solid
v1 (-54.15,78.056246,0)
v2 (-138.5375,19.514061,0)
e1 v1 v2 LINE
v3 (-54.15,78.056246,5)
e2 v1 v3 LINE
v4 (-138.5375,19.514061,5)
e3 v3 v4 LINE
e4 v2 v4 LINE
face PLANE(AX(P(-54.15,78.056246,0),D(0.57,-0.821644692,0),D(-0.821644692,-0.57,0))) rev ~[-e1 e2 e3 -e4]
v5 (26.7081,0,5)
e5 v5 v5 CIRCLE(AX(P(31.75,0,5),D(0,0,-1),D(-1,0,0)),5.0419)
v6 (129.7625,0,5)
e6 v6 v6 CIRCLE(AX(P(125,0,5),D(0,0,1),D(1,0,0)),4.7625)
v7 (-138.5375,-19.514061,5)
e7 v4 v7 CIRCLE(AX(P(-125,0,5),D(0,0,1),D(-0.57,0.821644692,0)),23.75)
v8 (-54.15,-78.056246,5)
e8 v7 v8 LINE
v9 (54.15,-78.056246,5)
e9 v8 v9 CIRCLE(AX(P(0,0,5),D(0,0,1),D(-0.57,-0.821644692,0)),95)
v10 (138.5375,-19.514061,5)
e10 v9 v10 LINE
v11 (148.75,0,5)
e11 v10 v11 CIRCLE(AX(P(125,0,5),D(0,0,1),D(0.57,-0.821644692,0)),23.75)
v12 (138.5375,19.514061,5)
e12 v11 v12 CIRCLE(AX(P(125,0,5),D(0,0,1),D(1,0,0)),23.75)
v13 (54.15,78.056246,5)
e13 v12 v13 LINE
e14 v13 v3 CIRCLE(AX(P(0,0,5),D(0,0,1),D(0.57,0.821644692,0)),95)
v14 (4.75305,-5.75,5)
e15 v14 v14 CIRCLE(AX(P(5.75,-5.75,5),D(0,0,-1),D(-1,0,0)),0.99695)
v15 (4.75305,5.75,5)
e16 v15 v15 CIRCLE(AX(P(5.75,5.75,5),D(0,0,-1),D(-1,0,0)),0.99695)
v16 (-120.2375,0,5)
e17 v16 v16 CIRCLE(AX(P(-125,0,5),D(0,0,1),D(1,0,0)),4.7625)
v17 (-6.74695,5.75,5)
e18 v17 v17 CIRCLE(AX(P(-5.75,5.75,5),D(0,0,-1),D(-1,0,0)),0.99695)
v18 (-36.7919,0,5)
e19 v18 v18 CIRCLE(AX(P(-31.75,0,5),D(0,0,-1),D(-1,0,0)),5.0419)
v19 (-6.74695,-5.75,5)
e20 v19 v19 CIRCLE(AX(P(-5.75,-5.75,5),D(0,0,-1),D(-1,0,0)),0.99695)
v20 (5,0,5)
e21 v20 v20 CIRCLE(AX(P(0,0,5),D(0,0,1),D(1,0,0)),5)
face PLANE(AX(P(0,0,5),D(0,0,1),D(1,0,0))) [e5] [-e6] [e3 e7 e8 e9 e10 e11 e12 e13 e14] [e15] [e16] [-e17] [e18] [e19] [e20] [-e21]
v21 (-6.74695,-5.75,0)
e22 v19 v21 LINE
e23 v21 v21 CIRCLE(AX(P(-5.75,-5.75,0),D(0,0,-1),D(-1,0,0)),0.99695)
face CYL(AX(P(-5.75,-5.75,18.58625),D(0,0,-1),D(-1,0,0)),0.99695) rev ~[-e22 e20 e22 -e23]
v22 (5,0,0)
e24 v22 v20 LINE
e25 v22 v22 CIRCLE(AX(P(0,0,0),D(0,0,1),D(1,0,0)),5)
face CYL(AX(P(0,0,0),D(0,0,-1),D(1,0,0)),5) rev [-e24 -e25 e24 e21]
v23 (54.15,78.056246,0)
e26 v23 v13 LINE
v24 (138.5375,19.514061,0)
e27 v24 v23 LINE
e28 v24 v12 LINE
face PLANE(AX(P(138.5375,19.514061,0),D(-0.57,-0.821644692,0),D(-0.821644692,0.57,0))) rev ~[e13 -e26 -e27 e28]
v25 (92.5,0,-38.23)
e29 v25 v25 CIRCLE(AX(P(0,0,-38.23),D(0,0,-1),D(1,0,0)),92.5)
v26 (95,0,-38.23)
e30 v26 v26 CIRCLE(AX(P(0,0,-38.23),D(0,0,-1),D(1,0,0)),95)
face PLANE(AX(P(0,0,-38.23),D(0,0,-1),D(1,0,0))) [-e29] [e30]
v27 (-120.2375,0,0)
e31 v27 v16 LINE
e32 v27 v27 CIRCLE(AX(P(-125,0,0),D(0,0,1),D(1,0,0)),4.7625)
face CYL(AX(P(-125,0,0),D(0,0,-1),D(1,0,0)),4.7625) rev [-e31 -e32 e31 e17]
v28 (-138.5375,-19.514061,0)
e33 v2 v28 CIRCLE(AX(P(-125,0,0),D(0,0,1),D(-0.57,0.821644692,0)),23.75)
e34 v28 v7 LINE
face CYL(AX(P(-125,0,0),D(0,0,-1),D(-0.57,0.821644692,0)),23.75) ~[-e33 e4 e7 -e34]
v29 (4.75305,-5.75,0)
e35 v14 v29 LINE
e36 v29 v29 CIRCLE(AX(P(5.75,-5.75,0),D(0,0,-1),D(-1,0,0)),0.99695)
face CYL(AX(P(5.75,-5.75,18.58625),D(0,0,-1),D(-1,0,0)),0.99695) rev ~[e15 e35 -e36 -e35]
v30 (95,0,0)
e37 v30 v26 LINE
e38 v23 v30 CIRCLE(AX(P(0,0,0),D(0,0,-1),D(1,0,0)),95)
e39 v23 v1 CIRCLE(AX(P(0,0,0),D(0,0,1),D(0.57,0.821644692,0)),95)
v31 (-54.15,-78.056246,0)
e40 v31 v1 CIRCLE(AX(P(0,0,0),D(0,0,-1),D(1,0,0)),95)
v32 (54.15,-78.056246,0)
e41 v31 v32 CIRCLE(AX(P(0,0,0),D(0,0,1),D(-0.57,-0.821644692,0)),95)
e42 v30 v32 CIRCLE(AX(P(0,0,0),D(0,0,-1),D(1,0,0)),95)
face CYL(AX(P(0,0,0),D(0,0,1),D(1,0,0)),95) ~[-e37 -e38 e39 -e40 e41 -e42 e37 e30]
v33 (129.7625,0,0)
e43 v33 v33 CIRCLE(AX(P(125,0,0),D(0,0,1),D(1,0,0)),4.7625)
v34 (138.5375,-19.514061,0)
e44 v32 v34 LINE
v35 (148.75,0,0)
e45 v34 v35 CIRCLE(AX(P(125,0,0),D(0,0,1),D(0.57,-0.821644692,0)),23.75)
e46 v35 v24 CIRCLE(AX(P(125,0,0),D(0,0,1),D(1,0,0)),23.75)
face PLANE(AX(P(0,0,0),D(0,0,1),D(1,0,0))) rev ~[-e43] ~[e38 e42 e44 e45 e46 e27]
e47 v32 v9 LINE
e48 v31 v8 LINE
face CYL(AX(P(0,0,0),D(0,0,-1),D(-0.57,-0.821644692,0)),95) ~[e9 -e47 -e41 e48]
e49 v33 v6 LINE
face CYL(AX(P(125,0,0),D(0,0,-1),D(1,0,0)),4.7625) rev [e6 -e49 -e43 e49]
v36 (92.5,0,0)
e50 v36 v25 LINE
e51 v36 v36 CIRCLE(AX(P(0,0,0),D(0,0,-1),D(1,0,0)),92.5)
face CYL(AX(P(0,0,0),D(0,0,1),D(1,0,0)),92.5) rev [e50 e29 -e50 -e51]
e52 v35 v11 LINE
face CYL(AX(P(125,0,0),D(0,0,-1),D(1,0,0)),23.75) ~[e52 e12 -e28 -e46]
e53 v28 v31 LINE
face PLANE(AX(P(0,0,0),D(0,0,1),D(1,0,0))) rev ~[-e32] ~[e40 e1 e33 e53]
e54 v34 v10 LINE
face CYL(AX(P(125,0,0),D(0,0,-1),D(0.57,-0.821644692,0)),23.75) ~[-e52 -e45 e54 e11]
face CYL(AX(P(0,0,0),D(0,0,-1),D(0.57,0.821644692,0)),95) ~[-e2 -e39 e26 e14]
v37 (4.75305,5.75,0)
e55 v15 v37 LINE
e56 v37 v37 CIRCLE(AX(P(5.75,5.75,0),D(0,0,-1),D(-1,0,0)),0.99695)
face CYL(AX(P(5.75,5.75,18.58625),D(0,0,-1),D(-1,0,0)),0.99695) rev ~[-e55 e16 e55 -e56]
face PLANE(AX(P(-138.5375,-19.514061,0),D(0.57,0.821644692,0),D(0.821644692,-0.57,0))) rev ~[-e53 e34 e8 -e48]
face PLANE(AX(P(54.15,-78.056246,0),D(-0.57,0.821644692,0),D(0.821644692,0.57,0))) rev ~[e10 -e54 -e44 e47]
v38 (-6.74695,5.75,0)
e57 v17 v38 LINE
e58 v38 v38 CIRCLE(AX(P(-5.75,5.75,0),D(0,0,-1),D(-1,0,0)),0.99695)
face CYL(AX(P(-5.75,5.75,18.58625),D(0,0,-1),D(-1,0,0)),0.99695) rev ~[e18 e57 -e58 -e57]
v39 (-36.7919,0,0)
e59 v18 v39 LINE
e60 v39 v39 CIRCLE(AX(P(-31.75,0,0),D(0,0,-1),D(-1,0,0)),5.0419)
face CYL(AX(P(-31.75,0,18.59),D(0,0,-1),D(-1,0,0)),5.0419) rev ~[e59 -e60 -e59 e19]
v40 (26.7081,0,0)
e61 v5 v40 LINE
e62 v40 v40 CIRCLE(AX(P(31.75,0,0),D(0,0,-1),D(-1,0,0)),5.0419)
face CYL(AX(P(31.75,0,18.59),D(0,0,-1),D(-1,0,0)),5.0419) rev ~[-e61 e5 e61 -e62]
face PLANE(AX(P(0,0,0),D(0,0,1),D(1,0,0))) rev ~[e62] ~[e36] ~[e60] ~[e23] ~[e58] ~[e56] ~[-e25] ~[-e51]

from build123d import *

# Parameters (mm, degrees)
F0_R     = 5
F0_R_2   = 4.7625
F1_DEPTH = 5
F2_R     = 95
F2_R_2   = 92.5
F3_DEPTH = 38.23
F6_D     = 1.9939
F6_DEPTH = 13.58625
F6_TIP   = 0.5990279941
F7_D     = 10.0838
F7_DEPTH = 13.59
F7_TIP   = 3.0294791551


with BuildPart() as f1:
    # F0 (on Top) → F1 (new body)
    with BuildSketch(Plane.XY):
        with BuildLine():
            ThreePointArc((54.15, -78.0562457463), (84.1702144467, -44.0496878536), (95, 0))
            ThreePointArc((95, 0), (84.1702144467, 44.0496878536), (54.15, 78.0562457463))
            ThreePointArc((54.15, 78.0562457463), (0, 95), (-54.15, 78.0562457463))
            ThreePointArc((-54.15, 78.0562457463), (-95, 0), (-54.15, -78.0562457463))
            ThreePointArc((-54.15, -78.0562457463), (0, -95), (54.15, -78.0562457463))
        make_face()
        Circle(F0_R, mode=Mode.SUBTRACT)
        with BuildLine():
            ThreePointArc((54.15, 78.0562457463), (84.1702144467, 44.0496878536), (95, 0))
            ThreePointArc((95, 0), (84.1702144467, -44.0496878536), (54.15, -78.0562457463))
            Line((54.15, -78.0562457463), (138.5375, -19.5140614366))
            ThreePointArc((138.5375, -19.5140614366), (101.25, 0), (138.5375, 19.5140614366))
            Line((138.5375, 19.5140614366), (54.15, 78.0562457463))
        make_face()
        with BuildLine():
            ThreePointArc((-54.15, -78.0562457463), (-95, 0), (-54.15, 78.0562457463))
            Line((-54.15, 78.0562457463), (-138.5375, 19.5140614366))
            ThreePointArc((-138.5375, 19.5140614366), (-113.9875780366, 21.0425536117), (-101.25, 0))
            ThreePointArc((-101.25, 0), (-113.9875780366, -21.0425536117), (-138.5375, -19.5140614366))
            Line((-138.5375, -19.5140614366), (-54.15, -78.0562457463))
        make_face()
        with BuildLine():
            ThreePointArc((148.75, 0), (146.0425536117, 11.0124219634), (138.5375, 19.5140614366))
            ThreePointArc((138.5375, 19.5140614366), (101.25, 0), (138.5375, -19.5140614366))
            ThreePointArc((138.5375, -19.5140614366), (146.0425536117, -11.0124219634), (148.75, 0))
        make_face()
        with Locations((125, 0)):
            Circle(F0_R_2, mode=Mode.SUBTRACT)
        with BuildLine():
            ThreePointArc((-101.25, 0), (-113.9875780366, 21.0425536117), (-138.5375, 19.5140614366))
            ThreePointArc((-138.5375, 19.5140614366), (-148.75, 0), (-138.5375, -19.5140614366))
            ThreePointArc((-138.5375, -19.5140614366), (-113.9875780366, -21.0425536117), (-101.25, 0))
        make_face()
        with Locations((-125, 0)):
            Circle(F0_R_2, mode=Mode.SUBTRACT)
    extrude(amount=F1_DEPTH)

    # F2 (on face) → F3 (join)
    with BuildSketch(Plane(origin=(0, 0, 0), x_dir=(1, 0, 0), z_dir=(0, 0, -1))):
        Circle(F2_R)
        Circle(F2_R_2, mode=Mode.SUBTRACT)
    extrude(amount=F3_DEPTH)

    # F6
    with Locations(Plane.XY.offset(5)):
        with Locations((-5.75, 5.75), (5.75, 5.75), (5.75, -5.75), (-5.75, -5.75)):
            Hole(F6_D / 2, depth=F6_DEPTH)
            with Locations((0, 0, -(F6_DEPTH + F6_TIP / 2))):  # 118° drill point
                Cone(0, F6_D / 2, F6_TIP, mode=Mode.SUBTRACT)

    # F7
    with Locations(Plane.XY.offset(5)):
        with Locations((-31.75, 0), (31.75, 0)):
            Hole(F7_D / 2, depth=F7_DEPTH)
            with Locations((0, 0, -(F7_DEPTH + F7_TIP / 2))):  # 118° drill point
                Cone(0, F7_D / 2, F7_TIP, mode=Mode.SUBTRACT)


solid = f1.part
